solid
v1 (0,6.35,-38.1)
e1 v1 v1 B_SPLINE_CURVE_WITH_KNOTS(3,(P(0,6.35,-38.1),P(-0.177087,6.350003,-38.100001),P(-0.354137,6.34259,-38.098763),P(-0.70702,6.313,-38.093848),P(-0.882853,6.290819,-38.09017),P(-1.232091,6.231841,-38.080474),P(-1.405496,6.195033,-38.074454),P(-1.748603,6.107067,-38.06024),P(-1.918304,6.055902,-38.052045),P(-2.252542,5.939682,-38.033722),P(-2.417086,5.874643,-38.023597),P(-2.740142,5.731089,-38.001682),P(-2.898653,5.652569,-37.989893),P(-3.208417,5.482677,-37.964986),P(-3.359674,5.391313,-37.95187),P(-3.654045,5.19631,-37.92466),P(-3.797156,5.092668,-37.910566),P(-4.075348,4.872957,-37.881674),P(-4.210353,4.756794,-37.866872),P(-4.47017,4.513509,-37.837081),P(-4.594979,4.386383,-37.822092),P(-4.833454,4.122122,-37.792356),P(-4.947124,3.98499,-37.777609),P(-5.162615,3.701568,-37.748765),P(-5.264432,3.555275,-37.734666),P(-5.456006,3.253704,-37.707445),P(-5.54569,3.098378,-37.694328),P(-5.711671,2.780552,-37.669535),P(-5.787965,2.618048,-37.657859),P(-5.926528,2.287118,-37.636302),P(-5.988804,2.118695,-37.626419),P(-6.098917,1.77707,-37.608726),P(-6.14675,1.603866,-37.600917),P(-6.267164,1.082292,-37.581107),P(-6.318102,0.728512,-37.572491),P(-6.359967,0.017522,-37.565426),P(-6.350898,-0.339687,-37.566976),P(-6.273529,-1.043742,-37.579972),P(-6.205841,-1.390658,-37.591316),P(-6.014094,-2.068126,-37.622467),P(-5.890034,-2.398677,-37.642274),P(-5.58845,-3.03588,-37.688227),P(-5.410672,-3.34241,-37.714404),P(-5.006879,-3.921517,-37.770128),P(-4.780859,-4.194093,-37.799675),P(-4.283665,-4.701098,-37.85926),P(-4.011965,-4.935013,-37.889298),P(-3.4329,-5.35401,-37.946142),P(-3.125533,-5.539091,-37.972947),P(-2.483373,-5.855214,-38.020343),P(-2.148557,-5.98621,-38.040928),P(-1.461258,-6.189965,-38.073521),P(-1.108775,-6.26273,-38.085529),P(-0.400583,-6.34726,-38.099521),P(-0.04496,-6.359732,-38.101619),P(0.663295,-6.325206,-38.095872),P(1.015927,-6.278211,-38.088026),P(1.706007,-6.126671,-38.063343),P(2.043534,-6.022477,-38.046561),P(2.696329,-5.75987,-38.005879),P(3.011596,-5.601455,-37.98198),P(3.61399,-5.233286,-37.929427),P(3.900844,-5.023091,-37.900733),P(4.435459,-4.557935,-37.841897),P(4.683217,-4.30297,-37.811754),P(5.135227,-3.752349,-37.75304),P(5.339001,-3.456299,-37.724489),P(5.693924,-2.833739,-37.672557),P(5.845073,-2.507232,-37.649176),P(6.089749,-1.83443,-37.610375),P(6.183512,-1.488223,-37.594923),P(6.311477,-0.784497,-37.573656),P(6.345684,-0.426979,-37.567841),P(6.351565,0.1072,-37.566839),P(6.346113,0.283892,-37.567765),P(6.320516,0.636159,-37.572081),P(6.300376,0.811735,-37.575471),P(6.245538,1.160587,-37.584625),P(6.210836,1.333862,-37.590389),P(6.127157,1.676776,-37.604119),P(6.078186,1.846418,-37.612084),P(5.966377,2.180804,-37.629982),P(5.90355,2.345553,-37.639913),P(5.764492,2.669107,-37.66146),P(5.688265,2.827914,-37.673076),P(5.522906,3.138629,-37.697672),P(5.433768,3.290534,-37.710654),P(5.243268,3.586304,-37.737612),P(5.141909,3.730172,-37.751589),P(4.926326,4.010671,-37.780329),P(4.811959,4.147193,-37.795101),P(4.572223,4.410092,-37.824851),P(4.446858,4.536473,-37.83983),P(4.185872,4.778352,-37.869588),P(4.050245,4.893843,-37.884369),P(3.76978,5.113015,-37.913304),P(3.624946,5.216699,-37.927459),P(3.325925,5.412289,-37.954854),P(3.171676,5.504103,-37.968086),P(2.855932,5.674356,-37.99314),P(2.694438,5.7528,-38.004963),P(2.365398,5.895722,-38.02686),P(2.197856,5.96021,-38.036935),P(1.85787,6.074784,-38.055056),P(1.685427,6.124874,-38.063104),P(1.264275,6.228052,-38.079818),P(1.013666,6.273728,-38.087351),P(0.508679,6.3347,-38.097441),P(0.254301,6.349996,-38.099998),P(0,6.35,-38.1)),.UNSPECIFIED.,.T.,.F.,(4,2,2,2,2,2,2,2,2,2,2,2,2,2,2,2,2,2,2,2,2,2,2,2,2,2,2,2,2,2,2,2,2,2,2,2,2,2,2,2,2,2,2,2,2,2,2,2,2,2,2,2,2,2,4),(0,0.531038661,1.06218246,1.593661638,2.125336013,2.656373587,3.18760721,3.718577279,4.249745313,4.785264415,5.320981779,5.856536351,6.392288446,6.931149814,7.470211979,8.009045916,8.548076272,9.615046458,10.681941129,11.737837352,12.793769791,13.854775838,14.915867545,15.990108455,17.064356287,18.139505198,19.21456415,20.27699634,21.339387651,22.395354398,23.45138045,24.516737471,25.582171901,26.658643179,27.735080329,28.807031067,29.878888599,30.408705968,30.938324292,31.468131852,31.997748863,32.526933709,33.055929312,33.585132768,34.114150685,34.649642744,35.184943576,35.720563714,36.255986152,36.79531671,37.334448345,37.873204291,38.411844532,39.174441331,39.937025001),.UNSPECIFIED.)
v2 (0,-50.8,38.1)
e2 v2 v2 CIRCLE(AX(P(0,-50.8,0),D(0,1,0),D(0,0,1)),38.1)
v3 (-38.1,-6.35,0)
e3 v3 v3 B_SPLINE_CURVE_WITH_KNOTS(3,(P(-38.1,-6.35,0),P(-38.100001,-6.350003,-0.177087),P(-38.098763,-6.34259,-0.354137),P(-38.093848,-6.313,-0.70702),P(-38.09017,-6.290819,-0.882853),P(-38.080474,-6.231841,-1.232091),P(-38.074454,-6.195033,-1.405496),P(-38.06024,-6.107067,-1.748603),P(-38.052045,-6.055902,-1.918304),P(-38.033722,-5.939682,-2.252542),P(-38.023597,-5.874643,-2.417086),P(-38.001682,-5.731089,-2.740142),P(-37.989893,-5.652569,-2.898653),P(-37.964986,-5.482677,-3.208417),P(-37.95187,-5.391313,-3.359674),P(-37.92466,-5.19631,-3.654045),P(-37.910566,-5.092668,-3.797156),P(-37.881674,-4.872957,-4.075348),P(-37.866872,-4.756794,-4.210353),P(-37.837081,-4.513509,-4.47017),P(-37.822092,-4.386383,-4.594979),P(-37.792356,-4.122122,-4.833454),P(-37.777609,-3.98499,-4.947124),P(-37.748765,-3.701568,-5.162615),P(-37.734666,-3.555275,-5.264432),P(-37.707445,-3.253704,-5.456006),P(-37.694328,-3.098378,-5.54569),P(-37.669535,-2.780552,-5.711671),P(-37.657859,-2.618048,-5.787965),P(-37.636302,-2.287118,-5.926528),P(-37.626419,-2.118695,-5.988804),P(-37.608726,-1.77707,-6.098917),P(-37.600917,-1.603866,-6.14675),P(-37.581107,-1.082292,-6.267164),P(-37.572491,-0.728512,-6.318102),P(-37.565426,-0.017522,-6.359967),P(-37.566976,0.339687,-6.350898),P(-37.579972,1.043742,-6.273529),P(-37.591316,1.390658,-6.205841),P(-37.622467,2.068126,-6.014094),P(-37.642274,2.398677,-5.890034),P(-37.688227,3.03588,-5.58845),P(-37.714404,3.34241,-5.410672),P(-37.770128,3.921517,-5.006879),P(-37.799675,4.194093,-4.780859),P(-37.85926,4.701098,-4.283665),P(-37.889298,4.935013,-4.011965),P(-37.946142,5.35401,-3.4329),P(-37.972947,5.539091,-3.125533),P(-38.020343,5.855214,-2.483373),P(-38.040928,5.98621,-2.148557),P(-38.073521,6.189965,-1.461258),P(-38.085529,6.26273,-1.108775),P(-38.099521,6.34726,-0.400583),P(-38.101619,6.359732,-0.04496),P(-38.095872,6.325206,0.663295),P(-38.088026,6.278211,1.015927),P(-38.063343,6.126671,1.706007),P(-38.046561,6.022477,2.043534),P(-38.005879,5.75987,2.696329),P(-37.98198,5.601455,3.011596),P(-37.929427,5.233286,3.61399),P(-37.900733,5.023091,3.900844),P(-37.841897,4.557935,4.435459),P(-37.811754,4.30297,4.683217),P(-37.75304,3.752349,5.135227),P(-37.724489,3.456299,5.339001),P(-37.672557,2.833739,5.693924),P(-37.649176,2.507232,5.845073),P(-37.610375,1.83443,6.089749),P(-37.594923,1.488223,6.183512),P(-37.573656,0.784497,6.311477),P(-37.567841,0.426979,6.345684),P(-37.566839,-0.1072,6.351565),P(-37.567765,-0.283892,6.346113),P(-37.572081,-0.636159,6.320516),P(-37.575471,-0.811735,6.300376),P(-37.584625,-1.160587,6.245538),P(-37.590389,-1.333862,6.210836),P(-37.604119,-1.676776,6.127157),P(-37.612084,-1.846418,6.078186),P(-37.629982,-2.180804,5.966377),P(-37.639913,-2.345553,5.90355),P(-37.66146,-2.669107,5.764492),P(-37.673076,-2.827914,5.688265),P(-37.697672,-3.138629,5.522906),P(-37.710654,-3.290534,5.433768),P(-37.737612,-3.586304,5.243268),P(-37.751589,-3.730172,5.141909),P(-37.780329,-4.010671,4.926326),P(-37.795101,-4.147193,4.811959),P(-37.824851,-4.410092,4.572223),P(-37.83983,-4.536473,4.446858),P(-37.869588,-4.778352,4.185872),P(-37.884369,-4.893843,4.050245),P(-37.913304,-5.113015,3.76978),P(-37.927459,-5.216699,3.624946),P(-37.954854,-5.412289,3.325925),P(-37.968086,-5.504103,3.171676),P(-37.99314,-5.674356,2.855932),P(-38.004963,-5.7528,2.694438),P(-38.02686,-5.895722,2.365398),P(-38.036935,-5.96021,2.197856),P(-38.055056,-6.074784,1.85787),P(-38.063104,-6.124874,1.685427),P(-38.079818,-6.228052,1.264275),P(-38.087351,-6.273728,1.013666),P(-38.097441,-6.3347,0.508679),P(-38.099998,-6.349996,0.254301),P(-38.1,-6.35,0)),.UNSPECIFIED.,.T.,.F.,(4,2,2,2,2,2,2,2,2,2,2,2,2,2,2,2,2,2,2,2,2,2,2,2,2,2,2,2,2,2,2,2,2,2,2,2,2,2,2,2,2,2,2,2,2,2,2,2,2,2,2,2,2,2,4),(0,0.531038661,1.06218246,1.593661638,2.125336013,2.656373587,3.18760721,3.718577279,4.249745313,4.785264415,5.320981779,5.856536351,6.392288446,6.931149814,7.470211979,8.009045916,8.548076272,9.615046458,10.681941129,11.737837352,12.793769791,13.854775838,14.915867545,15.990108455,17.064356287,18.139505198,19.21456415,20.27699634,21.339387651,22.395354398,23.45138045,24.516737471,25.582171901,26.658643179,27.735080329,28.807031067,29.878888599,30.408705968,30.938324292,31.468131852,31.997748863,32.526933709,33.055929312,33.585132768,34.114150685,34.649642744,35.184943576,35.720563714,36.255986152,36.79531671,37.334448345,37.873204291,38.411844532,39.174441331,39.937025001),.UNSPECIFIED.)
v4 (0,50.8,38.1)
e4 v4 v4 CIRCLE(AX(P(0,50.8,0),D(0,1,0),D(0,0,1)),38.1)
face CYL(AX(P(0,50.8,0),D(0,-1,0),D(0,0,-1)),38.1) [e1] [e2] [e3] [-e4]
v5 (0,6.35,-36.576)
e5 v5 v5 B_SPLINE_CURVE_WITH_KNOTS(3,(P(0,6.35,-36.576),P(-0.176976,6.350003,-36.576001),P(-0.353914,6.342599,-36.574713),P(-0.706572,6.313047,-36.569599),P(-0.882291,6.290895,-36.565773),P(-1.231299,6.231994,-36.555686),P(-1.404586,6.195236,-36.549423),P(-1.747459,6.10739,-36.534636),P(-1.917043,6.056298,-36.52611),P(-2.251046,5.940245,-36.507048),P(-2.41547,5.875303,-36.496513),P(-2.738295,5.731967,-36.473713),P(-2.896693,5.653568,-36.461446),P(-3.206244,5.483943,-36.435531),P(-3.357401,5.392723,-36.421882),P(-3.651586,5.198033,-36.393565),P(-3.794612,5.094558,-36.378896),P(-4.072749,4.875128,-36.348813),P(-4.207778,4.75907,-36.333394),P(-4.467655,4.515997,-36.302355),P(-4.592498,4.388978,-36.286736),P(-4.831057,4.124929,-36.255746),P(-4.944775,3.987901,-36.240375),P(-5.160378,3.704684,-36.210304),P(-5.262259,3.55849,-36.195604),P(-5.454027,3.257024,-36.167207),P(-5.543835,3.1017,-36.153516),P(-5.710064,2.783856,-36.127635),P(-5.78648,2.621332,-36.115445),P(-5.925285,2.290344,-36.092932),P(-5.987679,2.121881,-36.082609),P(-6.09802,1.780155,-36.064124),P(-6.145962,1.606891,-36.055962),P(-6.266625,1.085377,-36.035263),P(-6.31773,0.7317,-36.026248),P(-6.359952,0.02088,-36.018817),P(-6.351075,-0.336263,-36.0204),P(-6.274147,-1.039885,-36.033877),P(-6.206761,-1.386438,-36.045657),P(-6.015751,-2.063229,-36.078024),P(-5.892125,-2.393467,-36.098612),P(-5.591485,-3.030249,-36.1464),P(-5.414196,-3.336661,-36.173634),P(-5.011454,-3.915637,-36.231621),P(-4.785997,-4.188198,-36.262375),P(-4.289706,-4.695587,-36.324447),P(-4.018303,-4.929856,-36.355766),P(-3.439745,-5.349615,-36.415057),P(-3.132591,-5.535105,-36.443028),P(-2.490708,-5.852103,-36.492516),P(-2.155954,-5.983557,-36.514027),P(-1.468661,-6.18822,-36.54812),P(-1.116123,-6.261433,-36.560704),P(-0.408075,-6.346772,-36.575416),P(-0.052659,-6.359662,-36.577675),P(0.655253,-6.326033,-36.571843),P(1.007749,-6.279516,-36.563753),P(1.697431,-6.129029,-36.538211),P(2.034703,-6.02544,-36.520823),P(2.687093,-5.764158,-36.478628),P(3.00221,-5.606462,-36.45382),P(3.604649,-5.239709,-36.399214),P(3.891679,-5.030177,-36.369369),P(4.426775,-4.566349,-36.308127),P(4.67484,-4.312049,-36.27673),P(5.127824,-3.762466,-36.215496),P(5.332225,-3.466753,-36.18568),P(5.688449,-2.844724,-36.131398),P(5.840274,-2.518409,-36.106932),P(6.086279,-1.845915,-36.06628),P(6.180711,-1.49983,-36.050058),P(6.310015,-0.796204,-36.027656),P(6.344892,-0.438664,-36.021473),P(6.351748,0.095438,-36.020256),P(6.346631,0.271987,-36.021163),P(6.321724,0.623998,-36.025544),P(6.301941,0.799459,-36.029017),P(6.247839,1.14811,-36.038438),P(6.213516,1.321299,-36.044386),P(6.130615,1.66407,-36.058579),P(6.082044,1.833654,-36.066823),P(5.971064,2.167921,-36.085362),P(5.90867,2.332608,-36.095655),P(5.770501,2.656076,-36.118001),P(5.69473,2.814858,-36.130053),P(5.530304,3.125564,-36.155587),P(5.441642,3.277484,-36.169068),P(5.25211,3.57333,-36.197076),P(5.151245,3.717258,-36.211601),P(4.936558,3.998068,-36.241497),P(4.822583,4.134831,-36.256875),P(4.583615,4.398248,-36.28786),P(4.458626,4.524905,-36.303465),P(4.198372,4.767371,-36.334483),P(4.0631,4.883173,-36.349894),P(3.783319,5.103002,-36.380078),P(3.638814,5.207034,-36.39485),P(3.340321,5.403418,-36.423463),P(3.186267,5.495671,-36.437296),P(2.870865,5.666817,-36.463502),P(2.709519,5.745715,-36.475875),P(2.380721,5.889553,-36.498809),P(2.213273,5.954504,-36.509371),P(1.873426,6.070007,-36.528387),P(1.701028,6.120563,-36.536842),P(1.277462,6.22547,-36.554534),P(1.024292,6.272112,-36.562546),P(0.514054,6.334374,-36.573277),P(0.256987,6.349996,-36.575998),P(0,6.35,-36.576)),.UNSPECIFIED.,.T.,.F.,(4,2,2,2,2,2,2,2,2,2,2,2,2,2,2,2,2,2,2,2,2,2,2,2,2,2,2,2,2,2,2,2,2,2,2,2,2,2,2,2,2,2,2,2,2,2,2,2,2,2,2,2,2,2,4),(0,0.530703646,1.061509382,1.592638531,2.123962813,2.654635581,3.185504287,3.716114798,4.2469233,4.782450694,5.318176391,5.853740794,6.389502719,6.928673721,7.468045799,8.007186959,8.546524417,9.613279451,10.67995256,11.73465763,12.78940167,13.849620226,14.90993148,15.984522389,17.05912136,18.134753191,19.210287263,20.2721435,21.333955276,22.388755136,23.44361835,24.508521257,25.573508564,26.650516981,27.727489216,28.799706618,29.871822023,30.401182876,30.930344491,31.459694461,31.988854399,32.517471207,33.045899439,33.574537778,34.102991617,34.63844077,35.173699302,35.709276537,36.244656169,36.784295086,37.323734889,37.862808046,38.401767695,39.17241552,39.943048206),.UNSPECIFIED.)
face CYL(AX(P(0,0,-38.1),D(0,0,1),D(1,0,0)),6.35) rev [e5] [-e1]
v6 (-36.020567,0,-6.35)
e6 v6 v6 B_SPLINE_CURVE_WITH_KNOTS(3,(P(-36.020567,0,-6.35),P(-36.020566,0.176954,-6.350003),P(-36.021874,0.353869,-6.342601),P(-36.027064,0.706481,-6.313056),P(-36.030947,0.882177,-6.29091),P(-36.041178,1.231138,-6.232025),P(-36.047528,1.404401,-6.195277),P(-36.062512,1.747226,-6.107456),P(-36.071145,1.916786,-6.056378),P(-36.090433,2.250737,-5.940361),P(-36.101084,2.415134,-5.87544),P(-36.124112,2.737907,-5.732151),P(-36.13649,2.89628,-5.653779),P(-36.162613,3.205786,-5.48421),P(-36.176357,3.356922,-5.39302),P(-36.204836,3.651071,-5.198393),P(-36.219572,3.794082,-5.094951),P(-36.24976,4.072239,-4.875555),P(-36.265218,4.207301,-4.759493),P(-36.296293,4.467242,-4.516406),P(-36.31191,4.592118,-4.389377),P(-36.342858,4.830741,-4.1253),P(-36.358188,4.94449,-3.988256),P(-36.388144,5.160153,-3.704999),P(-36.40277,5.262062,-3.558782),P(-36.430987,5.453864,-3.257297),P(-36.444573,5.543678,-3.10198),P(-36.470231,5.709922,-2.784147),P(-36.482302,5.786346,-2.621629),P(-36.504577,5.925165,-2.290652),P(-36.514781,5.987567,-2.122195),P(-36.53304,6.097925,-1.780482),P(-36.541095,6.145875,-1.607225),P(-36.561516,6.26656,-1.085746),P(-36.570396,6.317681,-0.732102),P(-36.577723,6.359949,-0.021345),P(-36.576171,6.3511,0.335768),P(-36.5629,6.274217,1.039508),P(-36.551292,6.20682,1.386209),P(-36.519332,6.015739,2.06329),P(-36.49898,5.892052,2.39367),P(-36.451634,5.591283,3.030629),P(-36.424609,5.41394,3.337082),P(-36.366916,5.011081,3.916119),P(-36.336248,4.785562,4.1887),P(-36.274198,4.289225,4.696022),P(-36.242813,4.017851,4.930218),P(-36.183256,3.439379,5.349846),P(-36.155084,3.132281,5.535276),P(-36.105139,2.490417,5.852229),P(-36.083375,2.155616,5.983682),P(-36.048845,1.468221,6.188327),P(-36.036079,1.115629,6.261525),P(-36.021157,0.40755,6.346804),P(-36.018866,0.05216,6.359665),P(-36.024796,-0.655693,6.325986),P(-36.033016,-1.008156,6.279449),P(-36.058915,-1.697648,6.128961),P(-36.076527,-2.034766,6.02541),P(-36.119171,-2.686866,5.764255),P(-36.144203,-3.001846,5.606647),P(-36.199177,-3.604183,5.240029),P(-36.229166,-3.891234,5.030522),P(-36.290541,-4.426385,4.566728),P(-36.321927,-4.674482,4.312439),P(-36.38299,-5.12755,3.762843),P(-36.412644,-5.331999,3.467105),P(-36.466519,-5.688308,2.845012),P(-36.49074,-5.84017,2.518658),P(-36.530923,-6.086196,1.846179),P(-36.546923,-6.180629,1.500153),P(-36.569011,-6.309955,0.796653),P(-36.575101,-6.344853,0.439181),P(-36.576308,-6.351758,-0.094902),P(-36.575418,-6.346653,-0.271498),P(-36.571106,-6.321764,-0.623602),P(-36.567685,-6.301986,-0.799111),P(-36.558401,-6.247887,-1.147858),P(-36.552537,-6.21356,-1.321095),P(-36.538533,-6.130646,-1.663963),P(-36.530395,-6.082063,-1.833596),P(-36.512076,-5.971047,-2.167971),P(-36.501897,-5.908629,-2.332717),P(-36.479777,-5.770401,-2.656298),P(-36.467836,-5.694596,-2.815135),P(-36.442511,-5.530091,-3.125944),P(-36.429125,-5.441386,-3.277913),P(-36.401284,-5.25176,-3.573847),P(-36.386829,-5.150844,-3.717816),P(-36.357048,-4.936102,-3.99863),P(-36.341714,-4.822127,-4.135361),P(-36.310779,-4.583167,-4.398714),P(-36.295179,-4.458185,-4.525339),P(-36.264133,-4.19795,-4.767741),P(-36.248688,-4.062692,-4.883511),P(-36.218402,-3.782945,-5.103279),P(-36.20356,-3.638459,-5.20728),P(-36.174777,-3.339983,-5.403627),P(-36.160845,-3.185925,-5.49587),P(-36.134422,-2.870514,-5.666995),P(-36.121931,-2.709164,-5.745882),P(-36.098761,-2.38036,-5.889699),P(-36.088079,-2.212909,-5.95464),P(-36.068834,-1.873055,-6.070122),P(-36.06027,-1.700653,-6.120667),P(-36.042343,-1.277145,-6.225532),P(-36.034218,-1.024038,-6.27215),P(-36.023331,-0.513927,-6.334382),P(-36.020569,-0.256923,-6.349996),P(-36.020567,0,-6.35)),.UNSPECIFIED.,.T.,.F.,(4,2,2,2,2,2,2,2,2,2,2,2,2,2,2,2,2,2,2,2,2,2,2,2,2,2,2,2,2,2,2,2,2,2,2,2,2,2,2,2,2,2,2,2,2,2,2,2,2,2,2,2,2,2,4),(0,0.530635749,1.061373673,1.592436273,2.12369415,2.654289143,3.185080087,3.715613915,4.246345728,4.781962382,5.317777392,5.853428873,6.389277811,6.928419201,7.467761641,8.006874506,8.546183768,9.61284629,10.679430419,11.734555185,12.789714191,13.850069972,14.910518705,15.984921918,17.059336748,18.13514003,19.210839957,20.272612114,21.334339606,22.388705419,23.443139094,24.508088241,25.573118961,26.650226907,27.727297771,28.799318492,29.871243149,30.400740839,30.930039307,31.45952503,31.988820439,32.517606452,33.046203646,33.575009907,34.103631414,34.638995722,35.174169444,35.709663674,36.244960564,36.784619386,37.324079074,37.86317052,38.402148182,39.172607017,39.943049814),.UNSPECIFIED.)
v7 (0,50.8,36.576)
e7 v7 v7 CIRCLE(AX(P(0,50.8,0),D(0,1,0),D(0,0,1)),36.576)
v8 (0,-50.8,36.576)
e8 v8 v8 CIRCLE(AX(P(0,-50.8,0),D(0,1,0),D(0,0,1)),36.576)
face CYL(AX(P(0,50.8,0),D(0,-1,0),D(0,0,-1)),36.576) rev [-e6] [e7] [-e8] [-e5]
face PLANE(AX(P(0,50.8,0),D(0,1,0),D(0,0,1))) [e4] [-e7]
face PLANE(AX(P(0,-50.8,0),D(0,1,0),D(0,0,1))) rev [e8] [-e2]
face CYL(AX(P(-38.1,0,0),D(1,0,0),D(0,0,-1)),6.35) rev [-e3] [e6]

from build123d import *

# Parameters (mm, degrees)
SKETCH1_R           = 38.1
SKETCH1_R_2         = 36.576
BOSS_EXTRUDE1_DEPTH = 50.8
SKETCH2_R           = 6.35
CUT_EXTRUDE1_DEPTH  = 75.053089065
SKETCH3_R           = 6.35
CUT_EXTRUDE2_DEPTH  = 75.053089236


with BuildPart() as part:
    # Sketch1 → Boss-Extrude1 (new, symmetric)
    with BuildSketch(Plane(origin=(0, 0, 0), x_dir=(1, 0, 0), z_dir=(0, 1, 0))):
        with Locations(Location((0, 0, 0), (0, 0, 270))):
            Circle(SKETCH1_R)
        with Locations(Location((0, 0, 0), (0, 0, 270))):
            Circle(SKETCH1_R_2, mode=Mode.SUBTRACT)
    extrude(amount=BOSS_EXTRUDE1_DEPTH, both=True)

    # Sketch2 → Cut-Extrude1 (cut, through all)
    with BuildSketch(Plane(origin=(0, 0, 0), x_dir=(0, 0, -1), z_dir=(1, 0, 0))):
        Circle(SKETCH2_R)
    extrude(amount=-CUT_EXTRUDE1_DEPTH, mode=Mode.SUBTRACT)

    # Sketch3 → Cut-Extrude2 (cut, through all)
    with BuildSketch(Plane.XY):
        with Locations(Location((0, 0, 0), (0, 0, 90))):
            Circle(SKETCH3_R)
    extrude(amount=-CUT_EXTRUDE2_DEPTH, mode=Mode.SUBTRACT)


solid = part.part
